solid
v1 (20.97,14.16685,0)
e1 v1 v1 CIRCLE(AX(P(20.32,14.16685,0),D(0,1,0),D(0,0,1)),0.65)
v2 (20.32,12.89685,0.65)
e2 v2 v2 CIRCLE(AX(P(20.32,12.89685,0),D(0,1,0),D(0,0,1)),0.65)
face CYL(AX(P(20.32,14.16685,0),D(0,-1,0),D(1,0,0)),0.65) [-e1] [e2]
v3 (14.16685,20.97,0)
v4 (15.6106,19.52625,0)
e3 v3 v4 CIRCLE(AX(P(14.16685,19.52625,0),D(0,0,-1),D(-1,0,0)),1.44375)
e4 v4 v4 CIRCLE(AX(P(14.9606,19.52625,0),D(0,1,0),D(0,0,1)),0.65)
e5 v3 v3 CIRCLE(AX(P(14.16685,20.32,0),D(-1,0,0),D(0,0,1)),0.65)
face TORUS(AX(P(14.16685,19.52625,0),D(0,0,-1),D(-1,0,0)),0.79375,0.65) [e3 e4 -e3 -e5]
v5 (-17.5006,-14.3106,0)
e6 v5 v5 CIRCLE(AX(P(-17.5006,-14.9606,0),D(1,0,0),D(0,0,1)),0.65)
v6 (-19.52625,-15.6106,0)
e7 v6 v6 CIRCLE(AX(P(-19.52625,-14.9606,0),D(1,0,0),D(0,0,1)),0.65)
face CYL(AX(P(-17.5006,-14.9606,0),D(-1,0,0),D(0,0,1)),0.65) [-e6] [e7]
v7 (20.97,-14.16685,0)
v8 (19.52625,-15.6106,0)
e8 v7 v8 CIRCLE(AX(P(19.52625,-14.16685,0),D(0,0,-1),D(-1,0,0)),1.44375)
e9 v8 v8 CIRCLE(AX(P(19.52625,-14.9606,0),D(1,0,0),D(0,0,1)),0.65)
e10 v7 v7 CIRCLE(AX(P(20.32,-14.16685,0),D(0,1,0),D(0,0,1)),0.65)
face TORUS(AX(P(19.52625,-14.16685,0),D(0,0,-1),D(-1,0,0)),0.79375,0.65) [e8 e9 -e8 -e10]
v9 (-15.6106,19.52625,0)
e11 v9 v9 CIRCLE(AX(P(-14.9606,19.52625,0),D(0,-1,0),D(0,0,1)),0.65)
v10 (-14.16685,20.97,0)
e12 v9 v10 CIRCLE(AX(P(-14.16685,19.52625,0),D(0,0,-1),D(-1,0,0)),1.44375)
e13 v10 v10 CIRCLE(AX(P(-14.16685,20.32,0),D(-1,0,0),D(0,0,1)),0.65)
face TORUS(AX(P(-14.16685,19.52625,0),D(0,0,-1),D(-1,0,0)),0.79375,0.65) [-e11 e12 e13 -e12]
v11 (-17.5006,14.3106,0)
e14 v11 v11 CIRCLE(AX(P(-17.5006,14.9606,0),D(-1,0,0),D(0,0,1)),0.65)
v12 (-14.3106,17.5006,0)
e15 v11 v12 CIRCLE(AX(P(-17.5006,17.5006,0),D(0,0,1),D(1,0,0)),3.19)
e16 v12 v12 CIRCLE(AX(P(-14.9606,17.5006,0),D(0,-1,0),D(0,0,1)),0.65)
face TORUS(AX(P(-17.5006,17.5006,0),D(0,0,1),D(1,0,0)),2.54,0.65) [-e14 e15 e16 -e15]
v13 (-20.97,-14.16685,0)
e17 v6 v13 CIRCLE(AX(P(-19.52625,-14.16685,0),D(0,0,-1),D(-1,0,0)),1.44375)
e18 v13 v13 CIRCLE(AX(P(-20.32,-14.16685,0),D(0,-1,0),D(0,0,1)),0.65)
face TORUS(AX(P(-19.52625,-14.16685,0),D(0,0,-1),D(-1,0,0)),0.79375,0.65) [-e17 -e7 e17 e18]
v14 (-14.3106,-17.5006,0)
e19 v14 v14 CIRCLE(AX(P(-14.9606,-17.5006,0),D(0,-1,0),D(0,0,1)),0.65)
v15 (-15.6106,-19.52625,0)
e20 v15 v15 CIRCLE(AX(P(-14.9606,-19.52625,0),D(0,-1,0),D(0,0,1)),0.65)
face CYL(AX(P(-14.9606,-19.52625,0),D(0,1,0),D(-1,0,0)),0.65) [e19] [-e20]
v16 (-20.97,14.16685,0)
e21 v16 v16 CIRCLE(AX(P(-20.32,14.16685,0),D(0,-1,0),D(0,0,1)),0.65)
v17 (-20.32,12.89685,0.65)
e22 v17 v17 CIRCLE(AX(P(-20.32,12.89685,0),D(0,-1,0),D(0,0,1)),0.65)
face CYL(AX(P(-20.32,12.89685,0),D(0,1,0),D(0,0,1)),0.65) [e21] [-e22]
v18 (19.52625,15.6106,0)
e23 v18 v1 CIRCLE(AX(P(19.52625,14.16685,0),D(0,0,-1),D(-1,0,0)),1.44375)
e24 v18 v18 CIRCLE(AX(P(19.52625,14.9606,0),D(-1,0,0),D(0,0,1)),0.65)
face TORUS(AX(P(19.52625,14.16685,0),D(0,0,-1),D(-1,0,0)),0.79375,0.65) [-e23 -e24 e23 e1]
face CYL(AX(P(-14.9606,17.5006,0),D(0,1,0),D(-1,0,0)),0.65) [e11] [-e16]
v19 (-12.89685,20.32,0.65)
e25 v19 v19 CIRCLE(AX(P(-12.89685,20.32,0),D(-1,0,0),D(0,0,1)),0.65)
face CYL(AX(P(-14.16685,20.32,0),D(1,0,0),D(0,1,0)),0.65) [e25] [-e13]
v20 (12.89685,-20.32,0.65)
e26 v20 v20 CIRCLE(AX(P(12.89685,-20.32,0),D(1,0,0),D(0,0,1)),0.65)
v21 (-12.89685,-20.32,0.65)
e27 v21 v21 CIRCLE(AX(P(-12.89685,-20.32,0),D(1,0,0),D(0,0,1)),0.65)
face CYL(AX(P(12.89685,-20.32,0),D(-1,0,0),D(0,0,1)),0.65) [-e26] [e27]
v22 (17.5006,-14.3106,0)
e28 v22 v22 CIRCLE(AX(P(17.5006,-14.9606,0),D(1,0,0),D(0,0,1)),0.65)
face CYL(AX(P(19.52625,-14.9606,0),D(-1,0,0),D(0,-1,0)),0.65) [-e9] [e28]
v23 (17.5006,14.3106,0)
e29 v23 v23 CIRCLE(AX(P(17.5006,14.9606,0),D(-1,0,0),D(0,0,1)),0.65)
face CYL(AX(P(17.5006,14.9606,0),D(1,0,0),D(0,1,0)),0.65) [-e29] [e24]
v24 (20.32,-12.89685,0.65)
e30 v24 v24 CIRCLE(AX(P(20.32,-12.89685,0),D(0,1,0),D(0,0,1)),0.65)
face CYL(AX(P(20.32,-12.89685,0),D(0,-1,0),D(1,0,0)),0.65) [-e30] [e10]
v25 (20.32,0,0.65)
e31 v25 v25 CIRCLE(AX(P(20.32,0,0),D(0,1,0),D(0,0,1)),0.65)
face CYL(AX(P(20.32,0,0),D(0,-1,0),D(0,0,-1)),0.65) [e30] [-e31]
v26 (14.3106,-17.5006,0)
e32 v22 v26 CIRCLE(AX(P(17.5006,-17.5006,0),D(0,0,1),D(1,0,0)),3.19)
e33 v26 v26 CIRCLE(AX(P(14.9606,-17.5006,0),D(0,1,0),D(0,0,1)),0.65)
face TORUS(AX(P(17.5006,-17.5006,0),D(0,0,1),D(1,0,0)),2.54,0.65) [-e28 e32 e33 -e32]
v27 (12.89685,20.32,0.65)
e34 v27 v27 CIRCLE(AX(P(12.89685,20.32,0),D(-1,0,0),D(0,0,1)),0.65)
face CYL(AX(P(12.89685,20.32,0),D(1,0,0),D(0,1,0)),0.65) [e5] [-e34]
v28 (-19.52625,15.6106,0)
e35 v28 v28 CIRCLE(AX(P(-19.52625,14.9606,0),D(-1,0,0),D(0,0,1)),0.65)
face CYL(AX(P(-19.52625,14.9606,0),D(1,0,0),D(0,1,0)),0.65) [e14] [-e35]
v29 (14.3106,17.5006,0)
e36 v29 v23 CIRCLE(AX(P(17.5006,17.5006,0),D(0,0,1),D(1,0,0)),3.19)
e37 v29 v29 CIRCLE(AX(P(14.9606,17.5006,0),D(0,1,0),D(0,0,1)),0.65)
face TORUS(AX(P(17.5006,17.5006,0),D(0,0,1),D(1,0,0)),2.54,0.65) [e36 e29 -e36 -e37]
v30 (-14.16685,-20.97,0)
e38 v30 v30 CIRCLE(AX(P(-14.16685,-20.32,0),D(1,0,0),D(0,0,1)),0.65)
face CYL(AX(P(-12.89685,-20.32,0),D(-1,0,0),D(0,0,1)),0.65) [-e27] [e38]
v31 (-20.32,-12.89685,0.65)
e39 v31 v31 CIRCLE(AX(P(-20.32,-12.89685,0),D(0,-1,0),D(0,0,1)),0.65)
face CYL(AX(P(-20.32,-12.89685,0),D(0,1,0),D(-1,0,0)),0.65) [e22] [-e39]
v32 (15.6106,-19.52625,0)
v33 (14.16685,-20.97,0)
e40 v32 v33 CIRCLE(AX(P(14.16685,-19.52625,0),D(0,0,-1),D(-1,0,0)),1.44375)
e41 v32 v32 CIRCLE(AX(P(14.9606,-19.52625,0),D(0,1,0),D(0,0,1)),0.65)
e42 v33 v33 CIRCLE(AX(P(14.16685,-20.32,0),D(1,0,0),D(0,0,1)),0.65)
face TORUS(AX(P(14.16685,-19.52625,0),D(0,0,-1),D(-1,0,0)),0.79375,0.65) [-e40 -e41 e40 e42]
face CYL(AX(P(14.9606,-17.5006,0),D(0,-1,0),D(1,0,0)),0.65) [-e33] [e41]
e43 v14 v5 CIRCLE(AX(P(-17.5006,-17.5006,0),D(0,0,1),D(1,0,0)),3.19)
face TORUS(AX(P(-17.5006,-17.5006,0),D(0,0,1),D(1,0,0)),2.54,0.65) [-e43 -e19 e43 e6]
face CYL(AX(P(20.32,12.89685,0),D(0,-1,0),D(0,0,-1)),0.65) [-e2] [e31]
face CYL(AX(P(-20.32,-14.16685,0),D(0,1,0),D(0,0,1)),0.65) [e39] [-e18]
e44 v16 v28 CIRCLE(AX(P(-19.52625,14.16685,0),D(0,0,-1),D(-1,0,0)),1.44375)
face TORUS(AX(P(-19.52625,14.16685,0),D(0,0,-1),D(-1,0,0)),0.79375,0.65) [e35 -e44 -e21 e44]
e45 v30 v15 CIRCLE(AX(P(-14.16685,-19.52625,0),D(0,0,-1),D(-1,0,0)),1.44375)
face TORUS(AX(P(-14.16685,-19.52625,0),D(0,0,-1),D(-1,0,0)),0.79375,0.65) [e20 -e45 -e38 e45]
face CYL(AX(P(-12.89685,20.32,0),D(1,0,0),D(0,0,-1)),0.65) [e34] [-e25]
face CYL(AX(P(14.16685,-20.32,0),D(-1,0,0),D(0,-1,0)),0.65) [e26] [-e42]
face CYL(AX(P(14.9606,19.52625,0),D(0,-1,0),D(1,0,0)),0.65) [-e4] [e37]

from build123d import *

# Parameters (mm, degrees)
SKETCH6_R = 0.65


with BuildPart() as part:
    # Sweep2: sweep along a path in Sketch4
    with BuildLine(Plane.XY) as sweep2_path:
        Line((-14.9606, 19.52625), (-14.9606, 17.5006))
        ThreePointArc((-14.9606, 17.5006), (-15.704548776, 15.704548776), (-17.5006, 14.9606))
        Line((-17.5006, 14.9606), (-19.52625, 14.9606))
        ThreePointArc((-19.52625, 14.9606), (-20.087516008, 14.728116008), (-20.32, 14.16685))
        Line((-20.32, 14.16685), (-20.32, 12.89685))
        Line((-20.32, 12.89685), (-20.32, -12.89685))
        Line((-20.32, -12.89685), (-20.32, -14.16685))
        ThreePointArc((-20.32, -14.16685), (-20.087516008, -14.728116008), (-19.52625, -14.9606))
        Line((-19.52625, -14.9606), (-17.5006, -14.9606))
        ThreePointArc((-17.5006, -14.9606), (-15.704548776, -15.704548776), (-14.9606, -17.5006))
        Line((-14.9606, -17.5006), (-14.9606, -19.52625))
        ThreePointArc((-14.9606, -19.52625), (-14.728116008, -20.087516008), (-14.16685, -20.32))
        Line((-14.16685, -20.32), (-12.89685, -20.32))
        Line((-12.89685, -20.32), (12.89685, -20.32))
        Line((12.89685, -20.32), (14.16685, -20.32))
        ThreePointArc((14.16685, -20.32), (14.728116008, -20.087516008), (14.9606, -19.52625))
        Line((14.9606, -19.52625), (14.9606, -17.5006))
        ThreePointArc((14.9606, -17.5006), (15.704548776, -15.704548776), (17.5006, -14.9606))
        Line((17.5006, -14.9606), (19.52625, -14.9606))
        ThreePointArc((19.52625, -14.9606), (20.087516008, -14.728116008), (20.32, -14.16685))
        Line((20.32, -14.16685), (20.32, -12.89685))
        Line((20.32, -12.89685), (20.32, 12.89685))
        Line((20.32, 12.89685), (20.32, 14.16685))
        ThreePointArc((20.32, 14.16685), (20.087516008, 14.728116008), (19.52625, 14.9606))
        Line((19.52625, 14.9606), (17.5006, 14.9606))
        ThreePointArc((17.5006, 14.9606), (15.704548776, 15.704548776), (14.9606, 17.5006))
        Line((14.9606, 17.5006), (14.9606, 19.52625))
        ThreePointArc((14.9606, 19.52625), (14.728116008, 20.087516008), (14.16685, 20.32))
        Line((14.16685, 20.32), (12.89685, 20.32))
        Line((12.89685, 20.32), (-12.89685, 20.32))
        Line((-12.89685, 20.32), (-14.16685, 20.32))
        ThreePointArc((-14.16685, 20.32), (-14.728116008, 20.087516008), (-14.9606, 19.52625))
    # Sketch6 → Sweep2 (sweep)
    with BuildSketch(Plane(origin=(0, 0, 0), x_dir=(1, 0, 0), z_dir=(0, 1, 0))):
        with Locations((20.32, 0)):
            Circle(SKETCH6_R)
    sweep(path=sweep2_path.line)


solid = part.part
